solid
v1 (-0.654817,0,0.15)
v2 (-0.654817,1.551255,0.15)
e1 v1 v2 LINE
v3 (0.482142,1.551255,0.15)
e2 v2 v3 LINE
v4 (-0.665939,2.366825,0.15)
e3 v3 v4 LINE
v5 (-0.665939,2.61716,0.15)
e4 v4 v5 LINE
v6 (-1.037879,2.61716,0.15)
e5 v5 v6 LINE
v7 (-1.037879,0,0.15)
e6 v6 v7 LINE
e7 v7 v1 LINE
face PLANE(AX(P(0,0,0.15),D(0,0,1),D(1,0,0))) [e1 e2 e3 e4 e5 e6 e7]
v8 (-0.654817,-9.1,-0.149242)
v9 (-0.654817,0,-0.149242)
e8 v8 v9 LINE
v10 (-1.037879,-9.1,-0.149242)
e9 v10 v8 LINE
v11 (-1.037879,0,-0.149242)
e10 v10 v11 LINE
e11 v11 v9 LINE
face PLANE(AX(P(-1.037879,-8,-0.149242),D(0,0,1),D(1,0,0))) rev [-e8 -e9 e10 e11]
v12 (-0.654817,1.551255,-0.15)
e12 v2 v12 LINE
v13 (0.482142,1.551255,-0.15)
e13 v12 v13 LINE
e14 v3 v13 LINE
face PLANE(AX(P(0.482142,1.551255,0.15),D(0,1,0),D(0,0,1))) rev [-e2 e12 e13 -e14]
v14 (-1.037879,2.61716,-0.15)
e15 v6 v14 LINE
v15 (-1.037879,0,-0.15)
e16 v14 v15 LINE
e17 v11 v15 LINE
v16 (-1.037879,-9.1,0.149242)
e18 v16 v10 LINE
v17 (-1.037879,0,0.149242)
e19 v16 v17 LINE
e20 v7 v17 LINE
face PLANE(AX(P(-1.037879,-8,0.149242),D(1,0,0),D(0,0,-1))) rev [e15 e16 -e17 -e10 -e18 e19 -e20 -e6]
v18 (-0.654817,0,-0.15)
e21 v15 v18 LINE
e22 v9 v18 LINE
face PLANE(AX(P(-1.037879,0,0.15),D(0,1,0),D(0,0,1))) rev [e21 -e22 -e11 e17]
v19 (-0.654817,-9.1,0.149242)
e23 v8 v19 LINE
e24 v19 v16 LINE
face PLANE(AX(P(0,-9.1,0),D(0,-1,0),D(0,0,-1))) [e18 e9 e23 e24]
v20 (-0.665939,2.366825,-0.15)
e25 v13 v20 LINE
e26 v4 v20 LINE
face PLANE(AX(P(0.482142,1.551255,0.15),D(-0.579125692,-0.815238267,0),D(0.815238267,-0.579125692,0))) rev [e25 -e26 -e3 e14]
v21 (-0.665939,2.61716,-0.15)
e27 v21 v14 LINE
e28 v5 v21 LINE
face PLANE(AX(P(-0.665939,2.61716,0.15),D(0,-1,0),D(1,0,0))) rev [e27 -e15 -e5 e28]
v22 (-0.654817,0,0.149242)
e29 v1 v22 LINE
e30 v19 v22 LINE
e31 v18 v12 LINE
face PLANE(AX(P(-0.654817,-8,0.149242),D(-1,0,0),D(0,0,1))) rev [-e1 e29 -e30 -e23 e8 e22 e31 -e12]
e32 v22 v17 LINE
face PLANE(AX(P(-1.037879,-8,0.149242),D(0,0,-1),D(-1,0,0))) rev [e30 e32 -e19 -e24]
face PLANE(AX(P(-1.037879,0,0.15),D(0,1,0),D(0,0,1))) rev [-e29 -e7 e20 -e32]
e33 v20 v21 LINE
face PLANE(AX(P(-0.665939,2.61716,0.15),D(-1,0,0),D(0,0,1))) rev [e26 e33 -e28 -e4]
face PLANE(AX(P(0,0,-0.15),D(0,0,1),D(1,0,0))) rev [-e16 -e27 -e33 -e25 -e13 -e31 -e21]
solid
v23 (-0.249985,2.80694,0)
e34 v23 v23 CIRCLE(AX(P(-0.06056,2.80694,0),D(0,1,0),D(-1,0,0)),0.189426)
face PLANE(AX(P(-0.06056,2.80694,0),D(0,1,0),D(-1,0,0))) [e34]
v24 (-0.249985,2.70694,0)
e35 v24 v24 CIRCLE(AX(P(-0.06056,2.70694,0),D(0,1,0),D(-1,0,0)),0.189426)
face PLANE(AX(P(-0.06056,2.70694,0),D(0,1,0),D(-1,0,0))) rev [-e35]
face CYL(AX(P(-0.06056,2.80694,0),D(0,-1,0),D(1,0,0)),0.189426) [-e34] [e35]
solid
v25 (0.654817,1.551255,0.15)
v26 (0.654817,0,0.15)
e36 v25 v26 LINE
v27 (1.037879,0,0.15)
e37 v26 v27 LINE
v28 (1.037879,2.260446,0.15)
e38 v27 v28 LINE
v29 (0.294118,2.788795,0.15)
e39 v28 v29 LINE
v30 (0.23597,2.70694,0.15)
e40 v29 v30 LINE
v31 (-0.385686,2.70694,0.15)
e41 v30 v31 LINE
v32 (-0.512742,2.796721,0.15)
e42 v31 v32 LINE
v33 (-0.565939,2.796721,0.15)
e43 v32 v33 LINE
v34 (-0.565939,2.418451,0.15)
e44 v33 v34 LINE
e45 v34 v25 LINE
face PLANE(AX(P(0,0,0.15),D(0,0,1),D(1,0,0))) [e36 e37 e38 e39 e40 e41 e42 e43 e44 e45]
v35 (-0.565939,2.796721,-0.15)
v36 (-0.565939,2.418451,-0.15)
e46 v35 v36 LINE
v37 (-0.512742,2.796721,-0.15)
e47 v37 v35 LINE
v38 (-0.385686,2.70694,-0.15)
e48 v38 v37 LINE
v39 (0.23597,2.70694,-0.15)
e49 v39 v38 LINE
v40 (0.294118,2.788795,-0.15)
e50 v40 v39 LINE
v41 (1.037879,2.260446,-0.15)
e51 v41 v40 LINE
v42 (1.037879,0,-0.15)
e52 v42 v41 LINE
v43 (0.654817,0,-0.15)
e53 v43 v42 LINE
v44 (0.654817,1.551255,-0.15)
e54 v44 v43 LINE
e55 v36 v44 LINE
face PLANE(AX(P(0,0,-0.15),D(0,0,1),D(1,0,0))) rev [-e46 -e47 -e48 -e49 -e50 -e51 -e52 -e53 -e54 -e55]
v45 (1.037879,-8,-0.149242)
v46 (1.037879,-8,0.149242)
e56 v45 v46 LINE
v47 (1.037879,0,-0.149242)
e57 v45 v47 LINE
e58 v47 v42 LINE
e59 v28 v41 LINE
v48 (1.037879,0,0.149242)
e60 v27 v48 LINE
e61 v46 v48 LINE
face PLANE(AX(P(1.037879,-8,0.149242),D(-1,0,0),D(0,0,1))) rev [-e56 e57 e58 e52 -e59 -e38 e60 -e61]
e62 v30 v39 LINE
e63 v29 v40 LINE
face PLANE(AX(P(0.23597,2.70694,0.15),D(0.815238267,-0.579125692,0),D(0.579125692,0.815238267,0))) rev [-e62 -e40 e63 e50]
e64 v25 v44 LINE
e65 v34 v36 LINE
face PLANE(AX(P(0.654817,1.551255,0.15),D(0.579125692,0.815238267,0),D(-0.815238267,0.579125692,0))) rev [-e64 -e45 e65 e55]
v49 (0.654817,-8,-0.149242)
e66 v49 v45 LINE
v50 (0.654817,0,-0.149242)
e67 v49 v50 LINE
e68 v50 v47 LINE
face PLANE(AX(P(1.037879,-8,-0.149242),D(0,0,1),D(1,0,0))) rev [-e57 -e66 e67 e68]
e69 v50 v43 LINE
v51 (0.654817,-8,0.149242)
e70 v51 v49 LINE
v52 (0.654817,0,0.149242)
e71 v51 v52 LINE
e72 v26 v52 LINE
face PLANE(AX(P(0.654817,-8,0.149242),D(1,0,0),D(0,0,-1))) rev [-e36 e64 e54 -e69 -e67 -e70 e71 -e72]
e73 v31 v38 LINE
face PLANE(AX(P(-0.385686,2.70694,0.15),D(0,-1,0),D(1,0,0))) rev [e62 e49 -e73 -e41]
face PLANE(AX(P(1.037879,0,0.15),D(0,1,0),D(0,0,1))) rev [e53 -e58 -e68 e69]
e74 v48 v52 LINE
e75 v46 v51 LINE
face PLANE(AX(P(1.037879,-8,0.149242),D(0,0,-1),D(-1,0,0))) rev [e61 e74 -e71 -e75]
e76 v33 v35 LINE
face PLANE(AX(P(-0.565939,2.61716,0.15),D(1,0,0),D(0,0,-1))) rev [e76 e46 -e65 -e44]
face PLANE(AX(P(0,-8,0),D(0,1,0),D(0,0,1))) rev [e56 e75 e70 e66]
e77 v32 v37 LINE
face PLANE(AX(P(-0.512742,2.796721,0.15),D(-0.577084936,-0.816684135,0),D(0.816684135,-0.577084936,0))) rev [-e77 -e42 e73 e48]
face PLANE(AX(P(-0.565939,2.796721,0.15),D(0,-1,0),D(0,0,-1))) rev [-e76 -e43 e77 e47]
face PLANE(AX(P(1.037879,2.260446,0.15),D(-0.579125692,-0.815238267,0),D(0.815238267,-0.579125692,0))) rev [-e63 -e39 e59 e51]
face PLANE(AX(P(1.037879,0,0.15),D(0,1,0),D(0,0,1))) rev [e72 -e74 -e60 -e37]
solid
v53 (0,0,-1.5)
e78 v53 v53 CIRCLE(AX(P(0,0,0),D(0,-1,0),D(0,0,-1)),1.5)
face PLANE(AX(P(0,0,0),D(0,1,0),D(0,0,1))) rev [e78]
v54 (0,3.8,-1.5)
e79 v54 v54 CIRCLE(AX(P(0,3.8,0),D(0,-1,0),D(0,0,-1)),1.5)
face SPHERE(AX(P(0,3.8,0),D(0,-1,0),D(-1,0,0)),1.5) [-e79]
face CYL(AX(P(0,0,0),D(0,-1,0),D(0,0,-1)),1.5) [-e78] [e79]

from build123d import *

# Parameters (mm, degrees)
SKETCH3_W             = 0.383062026
SKETCH3_H             = 0.298484562
BOSS_EXTRUDE1_DEPTH   = 8
BOSS_EXTRUDE1_2_DEPTH = 8
BOSS_EXTRUDE2_DEPTH   = 0.15
SKETCH5_R             = 0.189425794
BOSS_EXTRUDE3_DEPTH   = 0.1
SKETCH7_W             = 0.383062026
SKETCH7_H             = 0.298484562
BOSS_EXTRUDE5_DEPTH   = 1.1


with BuildPart() as part:
    # Sketch1 → Revolve1 (revolve)
    with BuildSketch(Plane.XY):
        with BuildLine():
            Line((0, 0), (-1.5, 0))
            Line((-1.5, 0), (-1.5, 3.8))
            ThreePointArc((-1.5, 3.8), (-1.060660172, 4.860660172), (0, 5.3))
            Line((0, 5.3), (0, 0))
        make_face()
    revolve(axis=Axis((0, 0, 0), (0, 1, 0)))


with BuildPart() as body_2:
    # Sketch3 → Boss-Extrude1 (new body)
    with BuildSketch(Plane.XZ):
        with Locations((-0.846347528, 0)):
            Rectangle(SKETCH3_W, SKETCH3_H)
    extrude(amount=BOSS_EXTRUDE1_DEPTH)


with BuildPart() as body_3:
    # Sketch3 → Boss-Extrude1 2 (new body)
    with BuildSketch(Plane.XZ):
        with Locations((0.846347528, 0)):
            Rectangle(SKETCH3_W, SKETCH3_H)
    extrude(amount=BOSS_EXTRUDE1_2_DEPTH)


    add(body_2.part)  # Boss-Extrude2 merges body 2
    # Sketch4 → Boss-Extrude2 (add, symmetric)
    with BuildSketch(Plane.XY):
        Polygon((1.037878541, 2.260445566), (0.294117621, 2.788795467), (0.235969658, 2.706940276), (-0.385685641, 2.706940276), (-0.512741887, 2.796720697), (-0.565939225, 2.796720697), (-0.565939225, 2.617159855), (-0.565939225, 2.418450997), (0.654816515, 1.551255429), (0.654816515, 0), (1.037878541, 0), (1.037878541, 1.551255429), align=None)
        Polygon((0.482142428, 1.551255429), (-0.665939225, 2.366825071), (-0.665939225, 2.617159855), (-1.037878541, 2.617159855), (-1.037878541, 1.551255429), (-1.037878541, 0), (-0.654816515, 0), (-0.654816515, 1.551255429), align=None)
    extrude(amount=BOSS_EXTRUDE2_DEPTH, both=True)

    # Sketch7 → Boss-Extrude5 (add)
    with BuildSketch(Plane.XZ.offset(8)):
        with Locations((-0.846347528, 0)):
            Rectangle(SKETCH7_W, SKETCH7_H)
    extrude(amount=BOSS_EXTRUDE5_DEPTH)


with BuildPart() as body_3_2:
    # Sketch5 → Boss-Extrude3 (new body)
    with BuildSketch(Plane(origin=(0, 2.706940276, 0), x_dir=(1, 0, 0), z_dir=(0, 1, 0))):
        with Locations((-0.060559566, 0)):
            Circle(SKETCH5_R)
    extrude(amount=BOSS_EXTRUDE3_DEPTH)


solid = Compound([part.part, body_3.part, body_3_2.part])
